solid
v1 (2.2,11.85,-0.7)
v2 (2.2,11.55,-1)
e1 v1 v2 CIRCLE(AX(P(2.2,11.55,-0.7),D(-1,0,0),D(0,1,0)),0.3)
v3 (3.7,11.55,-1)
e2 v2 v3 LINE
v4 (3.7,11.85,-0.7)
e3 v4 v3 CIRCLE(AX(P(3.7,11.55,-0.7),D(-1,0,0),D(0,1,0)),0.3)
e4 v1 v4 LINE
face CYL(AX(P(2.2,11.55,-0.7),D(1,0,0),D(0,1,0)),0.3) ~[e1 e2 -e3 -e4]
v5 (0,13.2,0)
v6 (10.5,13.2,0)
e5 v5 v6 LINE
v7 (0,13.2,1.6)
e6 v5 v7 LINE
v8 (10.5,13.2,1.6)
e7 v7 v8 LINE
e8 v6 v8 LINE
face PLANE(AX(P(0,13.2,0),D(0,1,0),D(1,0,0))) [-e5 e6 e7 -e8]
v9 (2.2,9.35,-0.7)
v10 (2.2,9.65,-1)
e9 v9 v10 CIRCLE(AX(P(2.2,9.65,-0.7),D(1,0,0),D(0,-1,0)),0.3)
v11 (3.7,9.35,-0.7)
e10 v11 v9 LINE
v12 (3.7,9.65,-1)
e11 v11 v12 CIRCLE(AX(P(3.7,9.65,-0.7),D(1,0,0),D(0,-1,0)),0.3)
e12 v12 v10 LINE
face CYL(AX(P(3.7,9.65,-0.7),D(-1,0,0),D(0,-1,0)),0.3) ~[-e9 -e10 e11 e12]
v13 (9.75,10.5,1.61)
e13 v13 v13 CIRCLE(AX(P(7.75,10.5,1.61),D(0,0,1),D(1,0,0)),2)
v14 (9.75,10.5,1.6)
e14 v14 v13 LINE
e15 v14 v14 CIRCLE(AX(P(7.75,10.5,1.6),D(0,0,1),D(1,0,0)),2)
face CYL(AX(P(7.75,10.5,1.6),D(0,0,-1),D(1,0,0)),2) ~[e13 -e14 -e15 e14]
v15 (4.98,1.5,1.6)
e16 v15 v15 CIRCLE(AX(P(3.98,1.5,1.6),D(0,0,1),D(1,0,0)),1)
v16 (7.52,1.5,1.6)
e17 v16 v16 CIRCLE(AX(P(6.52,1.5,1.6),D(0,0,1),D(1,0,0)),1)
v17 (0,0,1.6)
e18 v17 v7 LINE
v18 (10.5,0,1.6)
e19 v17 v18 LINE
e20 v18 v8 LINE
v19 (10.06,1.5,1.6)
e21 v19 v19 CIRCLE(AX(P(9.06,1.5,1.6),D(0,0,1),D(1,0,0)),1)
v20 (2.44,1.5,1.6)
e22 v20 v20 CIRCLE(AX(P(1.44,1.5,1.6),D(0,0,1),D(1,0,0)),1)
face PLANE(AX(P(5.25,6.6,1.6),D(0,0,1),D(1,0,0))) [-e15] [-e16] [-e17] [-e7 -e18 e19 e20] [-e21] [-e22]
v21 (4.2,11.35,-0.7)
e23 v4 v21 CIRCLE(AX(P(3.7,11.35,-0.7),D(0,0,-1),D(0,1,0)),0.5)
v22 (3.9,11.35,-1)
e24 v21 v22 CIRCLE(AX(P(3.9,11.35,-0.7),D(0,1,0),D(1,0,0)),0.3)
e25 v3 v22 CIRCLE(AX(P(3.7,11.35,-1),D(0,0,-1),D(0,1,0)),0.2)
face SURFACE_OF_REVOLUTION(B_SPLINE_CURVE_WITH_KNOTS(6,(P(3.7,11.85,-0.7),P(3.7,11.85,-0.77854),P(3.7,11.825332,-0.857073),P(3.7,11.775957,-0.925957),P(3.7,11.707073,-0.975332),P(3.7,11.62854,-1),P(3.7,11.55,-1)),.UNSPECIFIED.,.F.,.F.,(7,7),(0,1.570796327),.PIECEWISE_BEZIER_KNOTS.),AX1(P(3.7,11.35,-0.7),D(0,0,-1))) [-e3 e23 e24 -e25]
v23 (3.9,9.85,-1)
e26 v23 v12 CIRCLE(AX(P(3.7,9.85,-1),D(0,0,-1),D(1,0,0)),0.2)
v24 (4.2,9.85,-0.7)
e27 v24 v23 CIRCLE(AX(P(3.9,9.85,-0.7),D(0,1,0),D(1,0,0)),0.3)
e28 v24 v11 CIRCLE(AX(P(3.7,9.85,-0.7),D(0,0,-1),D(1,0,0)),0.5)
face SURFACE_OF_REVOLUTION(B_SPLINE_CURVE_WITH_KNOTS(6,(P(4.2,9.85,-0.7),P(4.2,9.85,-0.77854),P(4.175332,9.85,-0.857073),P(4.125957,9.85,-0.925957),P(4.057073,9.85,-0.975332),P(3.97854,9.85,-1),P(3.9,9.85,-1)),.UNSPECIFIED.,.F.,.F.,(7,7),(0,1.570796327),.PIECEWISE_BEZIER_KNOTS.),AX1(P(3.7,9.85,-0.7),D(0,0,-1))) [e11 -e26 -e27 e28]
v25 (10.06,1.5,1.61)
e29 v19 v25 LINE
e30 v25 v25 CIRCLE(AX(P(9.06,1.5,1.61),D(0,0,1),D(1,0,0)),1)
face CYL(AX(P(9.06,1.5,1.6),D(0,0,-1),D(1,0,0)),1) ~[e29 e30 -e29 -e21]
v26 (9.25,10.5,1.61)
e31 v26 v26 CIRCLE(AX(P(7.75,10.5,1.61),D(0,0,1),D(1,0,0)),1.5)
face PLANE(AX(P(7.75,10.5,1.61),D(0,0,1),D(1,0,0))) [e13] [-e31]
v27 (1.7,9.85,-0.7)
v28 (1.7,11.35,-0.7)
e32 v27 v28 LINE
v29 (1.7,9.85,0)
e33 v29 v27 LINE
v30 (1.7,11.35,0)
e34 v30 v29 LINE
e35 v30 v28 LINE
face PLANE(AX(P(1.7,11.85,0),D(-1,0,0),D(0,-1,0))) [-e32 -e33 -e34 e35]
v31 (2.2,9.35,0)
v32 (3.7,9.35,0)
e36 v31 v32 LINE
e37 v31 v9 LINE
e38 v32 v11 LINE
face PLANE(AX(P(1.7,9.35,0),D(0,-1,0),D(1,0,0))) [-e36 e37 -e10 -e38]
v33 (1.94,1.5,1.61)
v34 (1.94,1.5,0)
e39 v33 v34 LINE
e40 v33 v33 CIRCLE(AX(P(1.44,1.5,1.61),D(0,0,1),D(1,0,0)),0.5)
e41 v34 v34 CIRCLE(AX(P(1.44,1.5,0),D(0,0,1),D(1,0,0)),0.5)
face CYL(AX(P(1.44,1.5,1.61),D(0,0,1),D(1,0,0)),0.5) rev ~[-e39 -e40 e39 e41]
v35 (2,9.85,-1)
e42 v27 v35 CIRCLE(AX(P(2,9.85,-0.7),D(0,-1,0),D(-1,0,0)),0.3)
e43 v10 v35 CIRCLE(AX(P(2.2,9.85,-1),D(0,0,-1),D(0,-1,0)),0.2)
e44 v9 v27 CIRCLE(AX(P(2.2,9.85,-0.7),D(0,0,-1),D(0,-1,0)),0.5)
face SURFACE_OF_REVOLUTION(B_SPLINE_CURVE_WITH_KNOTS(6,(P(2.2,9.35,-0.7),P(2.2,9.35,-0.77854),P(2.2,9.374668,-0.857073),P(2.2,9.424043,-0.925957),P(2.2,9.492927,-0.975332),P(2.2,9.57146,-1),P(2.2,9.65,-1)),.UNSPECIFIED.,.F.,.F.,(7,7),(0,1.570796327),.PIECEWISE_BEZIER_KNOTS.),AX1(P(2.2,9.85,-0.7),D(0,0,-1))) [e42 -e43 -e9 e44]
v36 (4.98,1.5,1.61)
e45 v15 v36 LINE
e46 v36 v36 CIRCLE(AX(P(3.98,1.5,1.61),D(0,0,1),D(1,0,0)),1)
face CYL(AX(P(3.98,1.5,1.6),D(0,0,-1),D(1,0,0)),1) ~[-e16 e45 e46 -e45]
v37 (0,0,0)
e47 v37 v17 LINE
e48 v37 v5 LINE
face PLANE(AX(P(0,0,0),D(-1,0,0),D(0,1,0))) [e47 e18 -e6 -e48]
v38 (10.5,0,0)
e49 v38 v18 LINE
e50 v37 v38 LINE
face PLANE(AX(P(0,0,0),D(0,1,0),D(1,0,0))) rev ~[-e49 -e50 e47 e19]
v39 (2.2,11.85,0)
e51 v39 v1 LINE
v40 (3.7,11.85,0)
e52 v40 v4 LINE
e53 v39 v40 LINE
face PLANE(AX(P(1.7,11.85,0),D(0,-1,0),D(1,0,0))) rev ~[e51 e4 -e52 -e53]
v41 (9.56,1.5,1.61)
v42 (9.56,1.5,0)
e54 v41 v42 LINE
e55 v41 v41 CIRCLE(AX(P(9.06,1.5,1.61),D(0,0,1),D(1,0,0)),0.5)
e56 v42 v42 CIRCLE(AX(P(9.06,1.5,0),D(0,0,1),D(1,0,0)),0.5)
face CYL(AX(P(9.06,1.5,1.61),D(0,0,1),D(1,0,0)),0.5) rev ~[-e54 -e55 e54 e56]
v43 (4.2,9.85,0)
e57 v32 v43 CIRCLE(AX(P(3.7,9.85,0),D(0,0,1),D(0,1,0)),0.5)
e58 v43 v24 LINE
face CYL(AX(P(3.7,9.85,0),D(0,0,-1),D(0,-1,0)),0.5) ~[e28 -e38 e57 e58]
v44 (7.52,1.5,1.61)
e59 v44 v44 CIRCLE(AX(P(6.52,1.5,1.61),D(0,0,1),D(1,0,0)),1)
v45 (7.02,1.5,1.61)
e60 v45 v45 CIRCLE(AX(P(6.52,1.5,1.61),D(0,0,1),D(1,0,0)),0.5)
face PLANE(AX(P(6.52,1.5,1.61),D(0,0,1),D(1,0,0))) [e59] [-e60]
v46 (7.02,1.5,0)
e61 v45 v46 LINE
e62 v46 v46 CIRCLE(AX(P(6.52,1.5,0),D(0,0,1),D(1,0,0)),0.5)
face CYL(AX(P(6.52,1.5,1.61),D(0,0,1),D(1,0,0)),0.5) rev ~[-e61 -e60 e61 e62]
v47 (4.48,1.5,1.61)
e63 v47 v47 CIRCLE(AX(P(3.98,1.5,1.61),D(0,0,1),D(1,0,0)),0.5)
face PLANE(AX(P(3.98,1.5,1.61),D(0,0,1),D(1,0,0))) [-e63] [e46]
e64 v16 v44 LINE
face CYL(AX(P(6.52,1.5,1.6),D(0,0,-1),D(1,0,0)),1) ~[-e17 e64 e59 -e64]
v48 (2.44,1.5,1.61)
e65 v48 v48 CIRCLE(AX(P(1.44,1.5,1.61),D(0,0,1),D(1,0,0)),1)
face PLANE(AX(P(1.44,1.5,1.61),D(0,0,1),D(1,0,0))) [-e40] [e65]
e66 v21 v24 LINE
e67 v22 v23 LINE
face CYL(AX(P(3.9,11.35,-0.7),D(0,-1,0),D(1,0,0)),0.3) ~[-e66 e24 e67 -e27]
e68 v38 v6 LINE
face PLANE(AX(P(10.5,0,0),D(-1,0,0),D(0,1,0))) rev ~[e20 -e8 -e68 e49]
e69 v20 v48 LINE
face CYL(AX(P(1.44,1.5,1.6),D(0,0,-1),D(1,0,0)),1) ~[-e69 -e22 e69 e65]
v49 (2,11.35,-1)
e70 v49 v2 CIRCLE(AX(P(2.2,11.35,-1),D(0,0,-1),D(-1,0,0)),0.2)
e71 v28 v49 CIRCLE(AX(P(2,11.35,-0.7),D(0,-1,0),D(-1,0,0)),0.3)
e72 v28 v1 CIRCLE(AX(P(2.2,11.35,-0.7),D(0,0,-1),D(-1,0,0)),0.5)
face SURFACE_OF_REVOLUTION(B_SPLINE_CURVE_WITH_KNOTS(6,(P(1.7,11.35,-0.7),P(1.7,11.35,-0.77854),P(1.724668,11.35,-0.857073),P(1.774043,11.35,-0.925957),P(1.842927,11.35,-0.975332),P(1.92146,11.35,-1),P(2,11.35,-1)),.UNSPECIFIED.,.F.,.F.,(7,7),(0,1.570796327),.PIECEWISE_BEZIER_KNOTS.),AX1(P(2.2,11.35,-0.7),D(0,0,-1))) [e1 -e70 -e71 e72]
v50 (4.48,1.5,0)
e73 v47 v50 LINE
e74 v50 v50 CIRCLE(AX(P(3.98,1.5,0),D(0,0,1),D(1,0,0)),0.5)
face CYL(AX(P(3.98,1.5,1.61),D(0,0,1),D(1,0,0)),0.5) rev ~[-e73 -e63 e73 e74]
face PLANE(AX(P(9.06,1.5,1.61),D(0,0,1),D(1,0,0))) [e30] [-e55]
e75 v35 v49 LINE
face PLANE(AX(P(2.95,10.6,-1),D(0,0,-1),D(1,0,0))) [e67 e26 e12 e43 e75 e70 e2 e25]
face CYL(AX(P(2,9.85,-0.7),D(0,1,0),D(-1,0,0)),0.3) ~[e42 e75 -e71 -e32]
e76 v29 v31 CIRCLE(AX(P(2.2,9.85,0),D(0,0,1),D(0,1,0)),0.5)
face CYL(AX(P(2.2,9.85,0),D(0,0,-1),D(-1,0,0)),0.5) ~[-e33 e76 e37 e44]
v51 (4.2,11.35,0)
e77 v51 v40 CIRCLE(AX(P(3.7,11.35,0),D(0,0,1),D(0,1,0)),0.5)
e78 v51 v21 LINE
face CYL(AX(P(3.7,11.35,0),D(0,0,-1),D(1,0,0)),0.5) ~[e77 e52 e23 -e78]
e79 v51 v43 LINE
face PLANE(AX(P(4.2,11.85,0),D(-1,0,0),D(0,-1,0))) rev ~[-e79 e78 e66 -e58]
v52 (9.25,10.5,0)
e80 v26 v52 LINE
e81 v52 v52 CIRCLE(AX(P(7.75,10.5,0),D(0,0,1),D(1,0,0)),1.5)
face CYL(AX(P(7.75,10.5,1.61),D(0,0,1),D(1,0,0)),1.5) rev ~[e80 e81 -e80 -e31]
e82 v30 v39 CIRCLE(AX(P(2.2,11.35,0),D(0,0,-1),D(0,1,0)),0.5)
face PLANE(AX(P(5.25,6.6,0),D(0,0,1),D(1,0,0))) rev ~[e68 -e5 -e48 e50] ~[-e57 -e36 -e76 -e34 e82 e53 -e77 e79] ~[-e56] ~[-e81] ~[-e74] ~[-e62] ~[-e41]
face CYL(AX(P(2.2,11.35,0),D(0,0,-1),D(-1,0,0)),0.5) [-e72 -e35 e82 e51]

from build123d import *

# Parameters (mm, degrees)
BOX_W         = 10.5
BOX_H         = 13.2
BOX_DEPTH     = 1.6
SKETCH_R      = 1
SKETCH_R_2    = 2
PAD_DEPTH     = 0.01
SKETCH001_R   = 1.5
SKETCH001_R_2 = 0.5
POCKET_DEPTH  = 1.611
SKETCH002_W   = 2.5
SKETCH002_H   = 2.5
PAD001_DEPTH  = 1
FILLET_R      = 0.5
FILLET001_R   = 0.3


with BuildPart() as part:
    # Box → Box (new body)
    with BuildSketch(Plane.XY):
        with Locations((5.25, 6.6)):
            Rectangle(BOX_W, BOX_H)
    extrude(amount=BOX_DEPTH)

    # Sketch → Pad (new body)
    with BuildSketch(Plane.XY.offset(1.6)):
        with Locations((1.44, 1.5)):
            Circle(SKETCH_R)
        with Locations((3.98, 1.5)):
            Circle(SKETCH_R)
        with Locations((6.52, 1.5)):
            Circle(SKETCH_R)
        with Locations((9.06, 1.5)):
            Circle(SKETCH_R)
        with Locations((7.75, 10.5)):
            Circle(SKETCH_R_2)
    extrude(amount=PAD_DEPTH)

    # Sketch001 → Pocket (cut, through all)
    with BuildSketch(Plane.XY.offset(1.61)):
        with Locations((7.75, 10.5)):
            Circle(SKETCH001_R)
        with Locations((1.44, 1.5)):
            Circle(SKETCH001_R_2)
        with Locations((3.98, 1.5)):
            Circle(SKETCH001_R_2)
        with Locations((6.52, 1.5)):
            Circle(SKETCH001_R_2)
        with Locations((9.06, 1.5)):
            Circle(SKETCH001_R_2)
    extrude(amount=-POCKET_DEPTH, mode=Mode.SUBTRACT)

    # Sketch002 → Pad001 (new body)
    with BuildSketch(Plane(origin=(0, 0, 0), x_dir=(1, 0, 0), z_dir=(0, 0, -1))):
        with Locations((2.95, -10.6)):
            Rectangle(SKETCH002_W, SKETCH002_H)
    extrude(amount=PAD001_DEPTH)

    # Fillet
    fillet_edges = [part.edges().sort_by_distance(p)[0] for p in [
        (4.2, 11.85, -0.5),
        (1.7, 11.85, -0.5),
        (1.7, 9.35, -0.5),
        (4.2, 9.35, -0.5),
    ]]
    fillet(fillet_edges, radius=FILLET_R)

    # Fillet001
    fillet001_edges = [part.edges().sort_by_distance(p)[0] for p in [
        (4.2, 10.6, -1),
        (2.95, 9.35, -1),
        (1.7, 10.6, -1),
        (2.95, 11.85, -1),
    ]]
    fillet(fillet001_edges, radius=FILLET001_R)


solid = part.part
